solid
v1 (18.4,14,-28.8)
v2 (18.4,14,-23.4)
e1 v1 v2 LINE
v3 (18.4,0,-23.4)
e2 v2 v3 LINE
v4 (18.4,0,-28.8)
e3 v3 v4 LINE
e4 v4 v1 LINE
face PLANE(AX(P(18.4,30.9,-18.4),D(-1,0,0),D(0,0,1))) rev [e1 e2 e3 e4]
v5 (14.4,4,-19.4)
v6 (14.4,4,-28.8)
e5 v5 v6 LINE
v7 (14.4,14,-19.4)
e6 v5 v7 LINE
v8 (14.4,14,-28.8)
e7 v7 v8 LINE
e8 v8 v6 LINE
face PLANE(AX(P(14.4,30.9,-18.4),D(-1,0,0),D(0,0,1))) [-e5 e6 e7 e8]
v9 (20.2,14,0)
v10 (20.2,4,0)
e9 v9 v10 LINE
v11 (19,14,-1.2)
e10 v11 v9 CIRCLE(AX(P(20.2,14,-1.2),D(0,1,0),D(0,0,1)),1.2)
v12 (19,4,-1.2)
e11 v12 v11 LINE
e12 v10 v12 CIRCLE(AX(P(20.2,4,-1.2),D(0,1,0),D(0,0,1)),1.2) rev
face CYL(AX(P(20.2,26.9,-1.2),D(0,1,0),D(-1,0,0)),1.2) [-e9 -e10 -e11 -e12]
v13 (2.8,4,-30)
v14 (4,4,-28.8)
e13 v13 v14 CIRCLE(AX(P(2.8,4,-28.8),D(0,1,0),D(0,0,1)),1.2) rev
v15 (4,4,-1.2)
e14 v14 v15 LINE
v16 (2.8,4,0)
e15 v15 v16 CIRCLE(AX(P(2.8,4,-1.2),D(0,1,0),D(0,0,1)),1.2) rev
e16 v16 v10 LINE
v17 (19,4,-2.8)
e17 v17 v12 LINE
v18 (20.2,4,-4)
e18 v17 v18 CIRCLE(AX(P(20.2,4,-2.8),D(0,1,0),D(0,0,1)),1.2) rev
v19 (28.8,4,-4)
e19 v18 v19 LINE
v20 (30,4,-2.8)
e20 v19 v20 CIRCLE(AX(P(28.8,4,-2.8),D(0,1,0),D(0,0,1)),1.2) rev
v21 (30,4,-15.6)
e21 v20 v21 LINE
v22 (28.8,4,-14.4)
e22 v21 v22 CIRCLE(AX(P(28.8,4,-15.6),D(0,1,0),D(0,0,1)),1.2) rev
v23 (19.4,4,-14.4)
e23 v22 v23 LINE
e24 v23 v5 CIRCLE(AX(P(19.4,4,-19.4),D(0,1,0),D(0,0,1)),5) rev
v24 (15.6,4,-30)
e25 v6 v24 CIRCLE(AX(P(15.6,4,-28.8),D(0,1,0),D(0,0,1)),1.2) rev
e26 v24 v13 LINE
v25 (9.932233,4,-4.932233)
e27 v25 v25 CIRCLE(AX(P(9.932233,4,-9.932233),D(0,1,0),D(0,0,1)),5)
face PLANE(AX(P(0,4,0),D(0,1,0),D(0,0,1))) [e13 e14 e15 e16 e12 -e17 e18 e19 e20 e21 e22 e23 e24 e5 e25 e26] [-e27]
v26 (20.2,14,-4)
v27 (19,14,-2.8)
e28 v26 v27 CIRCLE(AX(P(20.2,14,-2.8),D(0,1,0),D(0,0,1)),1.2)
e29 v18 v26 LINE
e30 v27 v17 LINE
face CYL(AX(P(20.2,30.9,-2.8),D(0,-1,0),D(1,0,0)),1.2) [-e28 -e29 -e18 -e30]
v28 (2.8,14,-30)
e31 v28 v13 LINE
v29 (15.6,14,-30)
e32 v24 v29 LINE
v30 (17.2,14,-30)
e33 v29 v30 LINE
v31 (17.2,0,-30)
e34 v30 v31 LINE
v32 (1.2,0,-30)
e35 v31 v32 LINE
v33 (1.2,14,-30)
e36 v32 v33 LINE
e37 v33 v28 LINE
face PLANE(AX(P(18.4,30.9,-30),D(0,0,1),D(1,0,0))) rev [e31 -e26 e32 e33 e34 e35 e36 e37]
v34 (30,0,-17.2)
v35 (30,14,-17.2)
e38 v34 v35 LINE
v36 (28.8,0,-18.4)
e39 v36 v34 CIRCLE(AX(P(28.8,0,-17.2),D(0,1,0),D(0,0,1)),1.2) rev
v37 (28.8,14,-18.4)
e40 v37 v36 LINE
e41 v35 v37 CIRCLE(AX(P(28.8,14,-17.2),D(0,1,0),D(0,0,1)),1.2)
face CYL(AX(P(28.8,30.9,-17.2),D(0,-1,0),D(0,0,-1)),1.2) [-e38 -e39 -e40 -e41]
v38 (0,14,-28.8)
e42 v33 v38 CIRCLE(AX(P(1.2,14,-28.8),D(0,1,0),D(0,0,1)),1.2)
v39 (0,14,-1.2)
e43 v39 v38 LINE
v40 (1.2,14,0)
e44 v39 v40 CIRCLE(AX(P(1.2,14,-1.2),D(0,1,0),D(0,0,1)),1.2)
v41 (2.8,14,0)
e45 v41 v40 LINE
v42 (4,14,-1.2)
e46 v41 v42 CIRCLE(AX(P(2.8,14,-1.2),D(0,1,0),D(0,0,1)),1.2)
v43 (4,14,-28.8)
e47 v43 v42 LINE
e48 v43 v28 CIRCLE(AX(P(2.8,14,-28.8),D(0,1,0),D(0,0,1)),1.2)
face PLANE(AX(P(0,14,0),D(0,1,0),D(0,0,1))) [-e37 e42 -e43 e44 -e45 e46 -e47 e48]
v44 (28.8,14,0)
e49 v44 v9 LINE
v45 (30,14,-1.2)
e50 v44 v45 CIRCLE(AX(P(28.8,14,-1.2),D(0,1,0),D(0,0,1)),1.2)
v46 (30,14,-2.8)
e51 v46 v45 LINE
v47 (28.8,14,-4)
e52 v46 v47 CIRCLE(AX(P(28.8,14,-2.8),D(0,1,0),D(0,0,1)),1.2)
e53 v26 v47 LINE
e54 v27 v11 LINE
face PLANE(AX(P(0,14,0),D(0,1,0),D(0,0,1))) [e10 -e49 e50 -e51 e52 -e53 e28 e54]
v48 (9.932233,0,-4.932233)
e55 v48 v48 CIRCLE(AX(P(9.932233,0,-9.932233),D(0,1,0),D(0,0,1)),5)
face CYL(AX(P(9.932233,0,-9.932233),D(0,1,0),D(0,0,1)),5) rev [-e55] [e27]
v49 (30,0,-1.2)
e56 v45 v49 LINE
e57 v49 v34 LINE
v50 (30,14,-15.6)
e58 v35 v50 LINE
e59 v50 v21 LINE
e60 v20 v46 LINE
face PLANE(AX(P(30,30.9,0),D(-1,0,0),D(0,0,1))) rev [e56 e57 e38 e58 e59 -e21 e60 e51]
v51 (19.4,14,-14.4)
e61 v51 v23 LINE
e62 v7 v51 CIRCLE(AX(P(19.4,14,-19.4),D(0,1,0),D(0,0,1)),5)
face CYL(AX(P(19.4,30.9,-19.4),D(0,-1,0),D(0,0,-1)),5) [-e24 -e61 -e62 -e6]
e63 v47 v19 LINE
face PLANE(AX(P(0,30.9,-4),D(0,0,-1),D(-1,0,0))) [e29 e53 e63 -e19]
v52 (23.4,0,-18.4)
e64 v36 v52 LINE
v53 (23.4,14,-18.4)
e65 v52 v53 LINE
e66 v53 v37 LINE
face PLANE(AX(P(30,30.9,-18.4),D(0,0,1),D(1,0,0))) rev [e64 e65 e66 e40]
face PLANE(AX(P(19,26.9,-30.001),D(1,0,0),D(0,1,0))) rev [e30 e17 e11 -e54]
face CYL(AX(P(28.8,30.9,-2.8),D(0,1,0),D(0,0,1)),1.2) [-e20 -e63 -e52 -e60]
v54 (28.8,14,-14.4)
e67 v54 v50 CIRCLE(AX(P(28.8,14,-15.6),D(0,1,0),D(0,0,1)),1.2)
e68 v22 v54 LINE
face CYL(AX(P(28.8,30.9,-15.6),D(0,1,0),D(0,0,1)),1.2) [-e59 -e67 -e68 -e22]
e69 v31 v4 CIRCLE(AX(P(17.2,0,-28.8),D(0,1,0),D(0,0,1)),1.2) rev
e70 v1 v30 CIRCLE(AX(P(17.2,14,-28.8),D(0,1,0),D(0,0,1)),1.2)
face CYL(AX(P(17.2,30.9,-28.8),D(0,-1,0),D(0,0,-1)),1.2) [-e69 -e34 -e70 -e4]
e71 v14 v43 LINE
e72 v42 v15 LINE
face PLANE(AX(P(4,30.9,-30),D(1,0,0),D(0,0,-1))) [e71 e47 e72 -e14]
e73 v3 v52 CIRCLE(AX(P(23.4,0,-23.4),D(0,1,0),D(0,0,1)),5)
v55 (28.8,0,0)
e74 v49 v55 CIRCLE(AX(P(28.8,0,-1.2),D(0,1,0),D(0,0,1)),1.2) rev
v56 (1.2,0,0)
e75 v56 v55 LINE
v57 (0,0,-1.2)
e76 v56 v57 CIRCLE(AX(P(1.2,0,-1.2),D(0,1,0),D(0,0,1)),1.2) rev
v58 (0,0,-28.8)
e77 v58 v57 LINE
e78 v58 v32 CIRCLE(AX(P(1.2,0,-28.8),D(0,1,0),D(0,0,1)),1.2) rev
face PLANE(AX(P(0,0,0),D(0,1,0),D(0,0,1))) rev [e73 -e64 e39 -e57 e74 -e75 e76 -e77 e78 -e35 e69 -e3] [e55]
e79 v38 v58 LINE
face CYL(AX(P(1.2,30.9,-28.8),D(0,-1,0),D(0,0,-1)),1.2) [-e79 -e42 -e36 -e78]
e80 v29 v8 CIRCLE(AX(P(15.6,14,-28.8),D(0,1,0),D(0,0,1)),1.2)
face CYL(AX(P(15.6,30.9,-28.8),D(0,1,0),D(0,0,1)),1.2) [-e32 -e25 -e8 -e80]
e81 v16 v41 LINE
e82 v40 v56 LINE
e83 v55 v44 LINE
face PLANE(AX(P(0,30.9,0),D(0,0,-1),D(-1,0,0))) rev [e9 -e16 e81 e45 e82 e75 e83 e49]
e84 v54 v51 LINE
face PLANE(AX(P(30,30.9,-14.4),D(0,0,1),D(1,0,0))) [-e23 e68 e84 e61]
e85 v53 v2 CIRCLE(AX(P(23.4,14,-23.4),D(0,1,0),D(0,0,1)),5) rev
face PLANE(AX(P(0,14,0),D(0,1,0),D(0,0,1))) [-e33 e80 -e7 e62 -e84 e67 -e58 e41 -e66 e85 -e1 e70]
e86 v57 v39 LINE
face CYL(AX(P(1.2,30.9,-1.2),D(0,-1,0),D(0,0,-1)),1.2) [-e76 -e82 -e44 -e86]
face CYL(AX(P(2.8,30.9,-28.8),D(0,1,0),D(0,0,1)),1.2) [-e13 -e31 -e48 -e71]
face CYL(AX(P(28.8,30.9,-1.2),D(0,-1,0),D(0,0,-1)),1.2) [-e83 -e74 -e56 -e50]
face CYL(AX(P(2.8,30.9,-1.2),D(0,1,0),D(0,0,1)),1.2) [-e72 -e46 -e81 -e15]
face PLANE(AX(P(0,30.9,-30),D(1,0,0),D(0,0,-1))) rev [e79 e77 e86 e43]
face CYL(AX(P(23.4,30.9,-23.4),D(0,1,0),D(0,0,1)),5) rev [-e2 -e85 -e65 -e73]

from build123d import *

# Parameters (mm, degrees)
BOSS_EXTRUDE1_DEPTH = 30.9
SHELL1_T            = -4
CUT_EXTRUDE1_REACH  = 54.486
SKETCH2_W           = 15
SKETCH2_H           = 22.9
CUT_EXTRUDE2_DEPTH  = 16.9
FILLET1_R           = 5
FILLET2_R           = 1.2
SKETCH4_R           = 5
CUT_EXTRUDE5_DEPTH  = 44.588989435


with BuildPart() as part:
    # Sketch1 → Boss-Extrude1 (new body)
    with BuildSketch(Plane(origin=(0, 0, 0), x_dir=(1, 0, 0), z_dir=(0, 1, 0))):
        Polygon((0, 0), (30, 0), (30, 18.4), (18.4, 18.4), (18.4, 30), (0, 30), align=None)
    extrude(amount=BOSS_EXTRUDE1_DEPTH)

    # Shell1
    shell1_openings = [part.faces().sort_by_distance(p)[0] for p in [
        (9.2, 15.45, -30),
        (30, 15.45, -9.2),
    ]]
    offset(amount=SHELL1_T, openings=shell1_openings, kind=Kind.INTERSECTION)

    # Sketch2 → Cut-Extrude1 (cut, up to next)
    with BuildSketch(Plane.XY, mode=Mode.PRIVATE) as cut_extrude1_sk1:
        with Locations((11.5, 15.45)):
            Rectangle(SKETCH2_W, SKETCH2_H)
    cut_extrude1_tool1 = extrude(cut_extrude1_sk1.sketch, amount=-CUT_EXTRUDE1_REACH, mode=Mode.PRIVATE) & part.part
    add(cut_extrude1_tool1.solids().sort_by_distance((11.5, 15.45, 0))[0], mode=Mode.SUBTRACT)

    # Sketch3 → Cut-Extrude2 (cut)
    with BuildSketch(Plane(origin=(0, 30.9, 0), x_dir=(1, 0, 0), z_dir=(0, 1, 0))):
        Polygon((0, 30), (0, 0), (30, 0), (30, 18.4), (18.4, 18.4), (18.4, 30), align=None)
    extrude(amount=-CUT_EXTRUDE2_DEPTH, mode=Mode.SUBTRACT)

    # Fillet1
    fillet1_edges = [part.edges().sort_by_distance(p)[0] for p in [
        (14.4, 9, -14.4),
        (18.4, 7, -18.4),
    ]]
    fillet(fillet1_edges, radius=FILLET1_R)

    # Fillet2
    fillet2_edges = [part.edges().sort_by_distance(p)[0] for p in [
        (19, 9, -4),
        (19, 9, 0),
        (14.4, 9, -30),
        (30, 9, -14.4),
        (30, 9, -4),
        (4, 9, -30),
        (4, 9, 0),
        (18.4, 7, -30),
        (30, 7, -18.4),
        (30, 7, 0),
        (0, 7, 0),
        (0, 7, -30),
    ]]
    fillet(fillet2_edges, radius=FILLET2_R)

    # Sketch4 → Cut-Extrude5 (cut, through all)
    with BuildSketch(Plane(origin=(0, 4, 0), x_dir=(1, 0, 0), z_dir=(0, 1, 0))):
        with Locations(Location((9.932233047, 9.932233047, 0), (0, 0, 270))):
            Circle(SKETCH4_R)
    extrude(amount=-CUT_EXTRUDE5_DEPTH, mode=Mode.SUBTRACT)


solid = part.part
